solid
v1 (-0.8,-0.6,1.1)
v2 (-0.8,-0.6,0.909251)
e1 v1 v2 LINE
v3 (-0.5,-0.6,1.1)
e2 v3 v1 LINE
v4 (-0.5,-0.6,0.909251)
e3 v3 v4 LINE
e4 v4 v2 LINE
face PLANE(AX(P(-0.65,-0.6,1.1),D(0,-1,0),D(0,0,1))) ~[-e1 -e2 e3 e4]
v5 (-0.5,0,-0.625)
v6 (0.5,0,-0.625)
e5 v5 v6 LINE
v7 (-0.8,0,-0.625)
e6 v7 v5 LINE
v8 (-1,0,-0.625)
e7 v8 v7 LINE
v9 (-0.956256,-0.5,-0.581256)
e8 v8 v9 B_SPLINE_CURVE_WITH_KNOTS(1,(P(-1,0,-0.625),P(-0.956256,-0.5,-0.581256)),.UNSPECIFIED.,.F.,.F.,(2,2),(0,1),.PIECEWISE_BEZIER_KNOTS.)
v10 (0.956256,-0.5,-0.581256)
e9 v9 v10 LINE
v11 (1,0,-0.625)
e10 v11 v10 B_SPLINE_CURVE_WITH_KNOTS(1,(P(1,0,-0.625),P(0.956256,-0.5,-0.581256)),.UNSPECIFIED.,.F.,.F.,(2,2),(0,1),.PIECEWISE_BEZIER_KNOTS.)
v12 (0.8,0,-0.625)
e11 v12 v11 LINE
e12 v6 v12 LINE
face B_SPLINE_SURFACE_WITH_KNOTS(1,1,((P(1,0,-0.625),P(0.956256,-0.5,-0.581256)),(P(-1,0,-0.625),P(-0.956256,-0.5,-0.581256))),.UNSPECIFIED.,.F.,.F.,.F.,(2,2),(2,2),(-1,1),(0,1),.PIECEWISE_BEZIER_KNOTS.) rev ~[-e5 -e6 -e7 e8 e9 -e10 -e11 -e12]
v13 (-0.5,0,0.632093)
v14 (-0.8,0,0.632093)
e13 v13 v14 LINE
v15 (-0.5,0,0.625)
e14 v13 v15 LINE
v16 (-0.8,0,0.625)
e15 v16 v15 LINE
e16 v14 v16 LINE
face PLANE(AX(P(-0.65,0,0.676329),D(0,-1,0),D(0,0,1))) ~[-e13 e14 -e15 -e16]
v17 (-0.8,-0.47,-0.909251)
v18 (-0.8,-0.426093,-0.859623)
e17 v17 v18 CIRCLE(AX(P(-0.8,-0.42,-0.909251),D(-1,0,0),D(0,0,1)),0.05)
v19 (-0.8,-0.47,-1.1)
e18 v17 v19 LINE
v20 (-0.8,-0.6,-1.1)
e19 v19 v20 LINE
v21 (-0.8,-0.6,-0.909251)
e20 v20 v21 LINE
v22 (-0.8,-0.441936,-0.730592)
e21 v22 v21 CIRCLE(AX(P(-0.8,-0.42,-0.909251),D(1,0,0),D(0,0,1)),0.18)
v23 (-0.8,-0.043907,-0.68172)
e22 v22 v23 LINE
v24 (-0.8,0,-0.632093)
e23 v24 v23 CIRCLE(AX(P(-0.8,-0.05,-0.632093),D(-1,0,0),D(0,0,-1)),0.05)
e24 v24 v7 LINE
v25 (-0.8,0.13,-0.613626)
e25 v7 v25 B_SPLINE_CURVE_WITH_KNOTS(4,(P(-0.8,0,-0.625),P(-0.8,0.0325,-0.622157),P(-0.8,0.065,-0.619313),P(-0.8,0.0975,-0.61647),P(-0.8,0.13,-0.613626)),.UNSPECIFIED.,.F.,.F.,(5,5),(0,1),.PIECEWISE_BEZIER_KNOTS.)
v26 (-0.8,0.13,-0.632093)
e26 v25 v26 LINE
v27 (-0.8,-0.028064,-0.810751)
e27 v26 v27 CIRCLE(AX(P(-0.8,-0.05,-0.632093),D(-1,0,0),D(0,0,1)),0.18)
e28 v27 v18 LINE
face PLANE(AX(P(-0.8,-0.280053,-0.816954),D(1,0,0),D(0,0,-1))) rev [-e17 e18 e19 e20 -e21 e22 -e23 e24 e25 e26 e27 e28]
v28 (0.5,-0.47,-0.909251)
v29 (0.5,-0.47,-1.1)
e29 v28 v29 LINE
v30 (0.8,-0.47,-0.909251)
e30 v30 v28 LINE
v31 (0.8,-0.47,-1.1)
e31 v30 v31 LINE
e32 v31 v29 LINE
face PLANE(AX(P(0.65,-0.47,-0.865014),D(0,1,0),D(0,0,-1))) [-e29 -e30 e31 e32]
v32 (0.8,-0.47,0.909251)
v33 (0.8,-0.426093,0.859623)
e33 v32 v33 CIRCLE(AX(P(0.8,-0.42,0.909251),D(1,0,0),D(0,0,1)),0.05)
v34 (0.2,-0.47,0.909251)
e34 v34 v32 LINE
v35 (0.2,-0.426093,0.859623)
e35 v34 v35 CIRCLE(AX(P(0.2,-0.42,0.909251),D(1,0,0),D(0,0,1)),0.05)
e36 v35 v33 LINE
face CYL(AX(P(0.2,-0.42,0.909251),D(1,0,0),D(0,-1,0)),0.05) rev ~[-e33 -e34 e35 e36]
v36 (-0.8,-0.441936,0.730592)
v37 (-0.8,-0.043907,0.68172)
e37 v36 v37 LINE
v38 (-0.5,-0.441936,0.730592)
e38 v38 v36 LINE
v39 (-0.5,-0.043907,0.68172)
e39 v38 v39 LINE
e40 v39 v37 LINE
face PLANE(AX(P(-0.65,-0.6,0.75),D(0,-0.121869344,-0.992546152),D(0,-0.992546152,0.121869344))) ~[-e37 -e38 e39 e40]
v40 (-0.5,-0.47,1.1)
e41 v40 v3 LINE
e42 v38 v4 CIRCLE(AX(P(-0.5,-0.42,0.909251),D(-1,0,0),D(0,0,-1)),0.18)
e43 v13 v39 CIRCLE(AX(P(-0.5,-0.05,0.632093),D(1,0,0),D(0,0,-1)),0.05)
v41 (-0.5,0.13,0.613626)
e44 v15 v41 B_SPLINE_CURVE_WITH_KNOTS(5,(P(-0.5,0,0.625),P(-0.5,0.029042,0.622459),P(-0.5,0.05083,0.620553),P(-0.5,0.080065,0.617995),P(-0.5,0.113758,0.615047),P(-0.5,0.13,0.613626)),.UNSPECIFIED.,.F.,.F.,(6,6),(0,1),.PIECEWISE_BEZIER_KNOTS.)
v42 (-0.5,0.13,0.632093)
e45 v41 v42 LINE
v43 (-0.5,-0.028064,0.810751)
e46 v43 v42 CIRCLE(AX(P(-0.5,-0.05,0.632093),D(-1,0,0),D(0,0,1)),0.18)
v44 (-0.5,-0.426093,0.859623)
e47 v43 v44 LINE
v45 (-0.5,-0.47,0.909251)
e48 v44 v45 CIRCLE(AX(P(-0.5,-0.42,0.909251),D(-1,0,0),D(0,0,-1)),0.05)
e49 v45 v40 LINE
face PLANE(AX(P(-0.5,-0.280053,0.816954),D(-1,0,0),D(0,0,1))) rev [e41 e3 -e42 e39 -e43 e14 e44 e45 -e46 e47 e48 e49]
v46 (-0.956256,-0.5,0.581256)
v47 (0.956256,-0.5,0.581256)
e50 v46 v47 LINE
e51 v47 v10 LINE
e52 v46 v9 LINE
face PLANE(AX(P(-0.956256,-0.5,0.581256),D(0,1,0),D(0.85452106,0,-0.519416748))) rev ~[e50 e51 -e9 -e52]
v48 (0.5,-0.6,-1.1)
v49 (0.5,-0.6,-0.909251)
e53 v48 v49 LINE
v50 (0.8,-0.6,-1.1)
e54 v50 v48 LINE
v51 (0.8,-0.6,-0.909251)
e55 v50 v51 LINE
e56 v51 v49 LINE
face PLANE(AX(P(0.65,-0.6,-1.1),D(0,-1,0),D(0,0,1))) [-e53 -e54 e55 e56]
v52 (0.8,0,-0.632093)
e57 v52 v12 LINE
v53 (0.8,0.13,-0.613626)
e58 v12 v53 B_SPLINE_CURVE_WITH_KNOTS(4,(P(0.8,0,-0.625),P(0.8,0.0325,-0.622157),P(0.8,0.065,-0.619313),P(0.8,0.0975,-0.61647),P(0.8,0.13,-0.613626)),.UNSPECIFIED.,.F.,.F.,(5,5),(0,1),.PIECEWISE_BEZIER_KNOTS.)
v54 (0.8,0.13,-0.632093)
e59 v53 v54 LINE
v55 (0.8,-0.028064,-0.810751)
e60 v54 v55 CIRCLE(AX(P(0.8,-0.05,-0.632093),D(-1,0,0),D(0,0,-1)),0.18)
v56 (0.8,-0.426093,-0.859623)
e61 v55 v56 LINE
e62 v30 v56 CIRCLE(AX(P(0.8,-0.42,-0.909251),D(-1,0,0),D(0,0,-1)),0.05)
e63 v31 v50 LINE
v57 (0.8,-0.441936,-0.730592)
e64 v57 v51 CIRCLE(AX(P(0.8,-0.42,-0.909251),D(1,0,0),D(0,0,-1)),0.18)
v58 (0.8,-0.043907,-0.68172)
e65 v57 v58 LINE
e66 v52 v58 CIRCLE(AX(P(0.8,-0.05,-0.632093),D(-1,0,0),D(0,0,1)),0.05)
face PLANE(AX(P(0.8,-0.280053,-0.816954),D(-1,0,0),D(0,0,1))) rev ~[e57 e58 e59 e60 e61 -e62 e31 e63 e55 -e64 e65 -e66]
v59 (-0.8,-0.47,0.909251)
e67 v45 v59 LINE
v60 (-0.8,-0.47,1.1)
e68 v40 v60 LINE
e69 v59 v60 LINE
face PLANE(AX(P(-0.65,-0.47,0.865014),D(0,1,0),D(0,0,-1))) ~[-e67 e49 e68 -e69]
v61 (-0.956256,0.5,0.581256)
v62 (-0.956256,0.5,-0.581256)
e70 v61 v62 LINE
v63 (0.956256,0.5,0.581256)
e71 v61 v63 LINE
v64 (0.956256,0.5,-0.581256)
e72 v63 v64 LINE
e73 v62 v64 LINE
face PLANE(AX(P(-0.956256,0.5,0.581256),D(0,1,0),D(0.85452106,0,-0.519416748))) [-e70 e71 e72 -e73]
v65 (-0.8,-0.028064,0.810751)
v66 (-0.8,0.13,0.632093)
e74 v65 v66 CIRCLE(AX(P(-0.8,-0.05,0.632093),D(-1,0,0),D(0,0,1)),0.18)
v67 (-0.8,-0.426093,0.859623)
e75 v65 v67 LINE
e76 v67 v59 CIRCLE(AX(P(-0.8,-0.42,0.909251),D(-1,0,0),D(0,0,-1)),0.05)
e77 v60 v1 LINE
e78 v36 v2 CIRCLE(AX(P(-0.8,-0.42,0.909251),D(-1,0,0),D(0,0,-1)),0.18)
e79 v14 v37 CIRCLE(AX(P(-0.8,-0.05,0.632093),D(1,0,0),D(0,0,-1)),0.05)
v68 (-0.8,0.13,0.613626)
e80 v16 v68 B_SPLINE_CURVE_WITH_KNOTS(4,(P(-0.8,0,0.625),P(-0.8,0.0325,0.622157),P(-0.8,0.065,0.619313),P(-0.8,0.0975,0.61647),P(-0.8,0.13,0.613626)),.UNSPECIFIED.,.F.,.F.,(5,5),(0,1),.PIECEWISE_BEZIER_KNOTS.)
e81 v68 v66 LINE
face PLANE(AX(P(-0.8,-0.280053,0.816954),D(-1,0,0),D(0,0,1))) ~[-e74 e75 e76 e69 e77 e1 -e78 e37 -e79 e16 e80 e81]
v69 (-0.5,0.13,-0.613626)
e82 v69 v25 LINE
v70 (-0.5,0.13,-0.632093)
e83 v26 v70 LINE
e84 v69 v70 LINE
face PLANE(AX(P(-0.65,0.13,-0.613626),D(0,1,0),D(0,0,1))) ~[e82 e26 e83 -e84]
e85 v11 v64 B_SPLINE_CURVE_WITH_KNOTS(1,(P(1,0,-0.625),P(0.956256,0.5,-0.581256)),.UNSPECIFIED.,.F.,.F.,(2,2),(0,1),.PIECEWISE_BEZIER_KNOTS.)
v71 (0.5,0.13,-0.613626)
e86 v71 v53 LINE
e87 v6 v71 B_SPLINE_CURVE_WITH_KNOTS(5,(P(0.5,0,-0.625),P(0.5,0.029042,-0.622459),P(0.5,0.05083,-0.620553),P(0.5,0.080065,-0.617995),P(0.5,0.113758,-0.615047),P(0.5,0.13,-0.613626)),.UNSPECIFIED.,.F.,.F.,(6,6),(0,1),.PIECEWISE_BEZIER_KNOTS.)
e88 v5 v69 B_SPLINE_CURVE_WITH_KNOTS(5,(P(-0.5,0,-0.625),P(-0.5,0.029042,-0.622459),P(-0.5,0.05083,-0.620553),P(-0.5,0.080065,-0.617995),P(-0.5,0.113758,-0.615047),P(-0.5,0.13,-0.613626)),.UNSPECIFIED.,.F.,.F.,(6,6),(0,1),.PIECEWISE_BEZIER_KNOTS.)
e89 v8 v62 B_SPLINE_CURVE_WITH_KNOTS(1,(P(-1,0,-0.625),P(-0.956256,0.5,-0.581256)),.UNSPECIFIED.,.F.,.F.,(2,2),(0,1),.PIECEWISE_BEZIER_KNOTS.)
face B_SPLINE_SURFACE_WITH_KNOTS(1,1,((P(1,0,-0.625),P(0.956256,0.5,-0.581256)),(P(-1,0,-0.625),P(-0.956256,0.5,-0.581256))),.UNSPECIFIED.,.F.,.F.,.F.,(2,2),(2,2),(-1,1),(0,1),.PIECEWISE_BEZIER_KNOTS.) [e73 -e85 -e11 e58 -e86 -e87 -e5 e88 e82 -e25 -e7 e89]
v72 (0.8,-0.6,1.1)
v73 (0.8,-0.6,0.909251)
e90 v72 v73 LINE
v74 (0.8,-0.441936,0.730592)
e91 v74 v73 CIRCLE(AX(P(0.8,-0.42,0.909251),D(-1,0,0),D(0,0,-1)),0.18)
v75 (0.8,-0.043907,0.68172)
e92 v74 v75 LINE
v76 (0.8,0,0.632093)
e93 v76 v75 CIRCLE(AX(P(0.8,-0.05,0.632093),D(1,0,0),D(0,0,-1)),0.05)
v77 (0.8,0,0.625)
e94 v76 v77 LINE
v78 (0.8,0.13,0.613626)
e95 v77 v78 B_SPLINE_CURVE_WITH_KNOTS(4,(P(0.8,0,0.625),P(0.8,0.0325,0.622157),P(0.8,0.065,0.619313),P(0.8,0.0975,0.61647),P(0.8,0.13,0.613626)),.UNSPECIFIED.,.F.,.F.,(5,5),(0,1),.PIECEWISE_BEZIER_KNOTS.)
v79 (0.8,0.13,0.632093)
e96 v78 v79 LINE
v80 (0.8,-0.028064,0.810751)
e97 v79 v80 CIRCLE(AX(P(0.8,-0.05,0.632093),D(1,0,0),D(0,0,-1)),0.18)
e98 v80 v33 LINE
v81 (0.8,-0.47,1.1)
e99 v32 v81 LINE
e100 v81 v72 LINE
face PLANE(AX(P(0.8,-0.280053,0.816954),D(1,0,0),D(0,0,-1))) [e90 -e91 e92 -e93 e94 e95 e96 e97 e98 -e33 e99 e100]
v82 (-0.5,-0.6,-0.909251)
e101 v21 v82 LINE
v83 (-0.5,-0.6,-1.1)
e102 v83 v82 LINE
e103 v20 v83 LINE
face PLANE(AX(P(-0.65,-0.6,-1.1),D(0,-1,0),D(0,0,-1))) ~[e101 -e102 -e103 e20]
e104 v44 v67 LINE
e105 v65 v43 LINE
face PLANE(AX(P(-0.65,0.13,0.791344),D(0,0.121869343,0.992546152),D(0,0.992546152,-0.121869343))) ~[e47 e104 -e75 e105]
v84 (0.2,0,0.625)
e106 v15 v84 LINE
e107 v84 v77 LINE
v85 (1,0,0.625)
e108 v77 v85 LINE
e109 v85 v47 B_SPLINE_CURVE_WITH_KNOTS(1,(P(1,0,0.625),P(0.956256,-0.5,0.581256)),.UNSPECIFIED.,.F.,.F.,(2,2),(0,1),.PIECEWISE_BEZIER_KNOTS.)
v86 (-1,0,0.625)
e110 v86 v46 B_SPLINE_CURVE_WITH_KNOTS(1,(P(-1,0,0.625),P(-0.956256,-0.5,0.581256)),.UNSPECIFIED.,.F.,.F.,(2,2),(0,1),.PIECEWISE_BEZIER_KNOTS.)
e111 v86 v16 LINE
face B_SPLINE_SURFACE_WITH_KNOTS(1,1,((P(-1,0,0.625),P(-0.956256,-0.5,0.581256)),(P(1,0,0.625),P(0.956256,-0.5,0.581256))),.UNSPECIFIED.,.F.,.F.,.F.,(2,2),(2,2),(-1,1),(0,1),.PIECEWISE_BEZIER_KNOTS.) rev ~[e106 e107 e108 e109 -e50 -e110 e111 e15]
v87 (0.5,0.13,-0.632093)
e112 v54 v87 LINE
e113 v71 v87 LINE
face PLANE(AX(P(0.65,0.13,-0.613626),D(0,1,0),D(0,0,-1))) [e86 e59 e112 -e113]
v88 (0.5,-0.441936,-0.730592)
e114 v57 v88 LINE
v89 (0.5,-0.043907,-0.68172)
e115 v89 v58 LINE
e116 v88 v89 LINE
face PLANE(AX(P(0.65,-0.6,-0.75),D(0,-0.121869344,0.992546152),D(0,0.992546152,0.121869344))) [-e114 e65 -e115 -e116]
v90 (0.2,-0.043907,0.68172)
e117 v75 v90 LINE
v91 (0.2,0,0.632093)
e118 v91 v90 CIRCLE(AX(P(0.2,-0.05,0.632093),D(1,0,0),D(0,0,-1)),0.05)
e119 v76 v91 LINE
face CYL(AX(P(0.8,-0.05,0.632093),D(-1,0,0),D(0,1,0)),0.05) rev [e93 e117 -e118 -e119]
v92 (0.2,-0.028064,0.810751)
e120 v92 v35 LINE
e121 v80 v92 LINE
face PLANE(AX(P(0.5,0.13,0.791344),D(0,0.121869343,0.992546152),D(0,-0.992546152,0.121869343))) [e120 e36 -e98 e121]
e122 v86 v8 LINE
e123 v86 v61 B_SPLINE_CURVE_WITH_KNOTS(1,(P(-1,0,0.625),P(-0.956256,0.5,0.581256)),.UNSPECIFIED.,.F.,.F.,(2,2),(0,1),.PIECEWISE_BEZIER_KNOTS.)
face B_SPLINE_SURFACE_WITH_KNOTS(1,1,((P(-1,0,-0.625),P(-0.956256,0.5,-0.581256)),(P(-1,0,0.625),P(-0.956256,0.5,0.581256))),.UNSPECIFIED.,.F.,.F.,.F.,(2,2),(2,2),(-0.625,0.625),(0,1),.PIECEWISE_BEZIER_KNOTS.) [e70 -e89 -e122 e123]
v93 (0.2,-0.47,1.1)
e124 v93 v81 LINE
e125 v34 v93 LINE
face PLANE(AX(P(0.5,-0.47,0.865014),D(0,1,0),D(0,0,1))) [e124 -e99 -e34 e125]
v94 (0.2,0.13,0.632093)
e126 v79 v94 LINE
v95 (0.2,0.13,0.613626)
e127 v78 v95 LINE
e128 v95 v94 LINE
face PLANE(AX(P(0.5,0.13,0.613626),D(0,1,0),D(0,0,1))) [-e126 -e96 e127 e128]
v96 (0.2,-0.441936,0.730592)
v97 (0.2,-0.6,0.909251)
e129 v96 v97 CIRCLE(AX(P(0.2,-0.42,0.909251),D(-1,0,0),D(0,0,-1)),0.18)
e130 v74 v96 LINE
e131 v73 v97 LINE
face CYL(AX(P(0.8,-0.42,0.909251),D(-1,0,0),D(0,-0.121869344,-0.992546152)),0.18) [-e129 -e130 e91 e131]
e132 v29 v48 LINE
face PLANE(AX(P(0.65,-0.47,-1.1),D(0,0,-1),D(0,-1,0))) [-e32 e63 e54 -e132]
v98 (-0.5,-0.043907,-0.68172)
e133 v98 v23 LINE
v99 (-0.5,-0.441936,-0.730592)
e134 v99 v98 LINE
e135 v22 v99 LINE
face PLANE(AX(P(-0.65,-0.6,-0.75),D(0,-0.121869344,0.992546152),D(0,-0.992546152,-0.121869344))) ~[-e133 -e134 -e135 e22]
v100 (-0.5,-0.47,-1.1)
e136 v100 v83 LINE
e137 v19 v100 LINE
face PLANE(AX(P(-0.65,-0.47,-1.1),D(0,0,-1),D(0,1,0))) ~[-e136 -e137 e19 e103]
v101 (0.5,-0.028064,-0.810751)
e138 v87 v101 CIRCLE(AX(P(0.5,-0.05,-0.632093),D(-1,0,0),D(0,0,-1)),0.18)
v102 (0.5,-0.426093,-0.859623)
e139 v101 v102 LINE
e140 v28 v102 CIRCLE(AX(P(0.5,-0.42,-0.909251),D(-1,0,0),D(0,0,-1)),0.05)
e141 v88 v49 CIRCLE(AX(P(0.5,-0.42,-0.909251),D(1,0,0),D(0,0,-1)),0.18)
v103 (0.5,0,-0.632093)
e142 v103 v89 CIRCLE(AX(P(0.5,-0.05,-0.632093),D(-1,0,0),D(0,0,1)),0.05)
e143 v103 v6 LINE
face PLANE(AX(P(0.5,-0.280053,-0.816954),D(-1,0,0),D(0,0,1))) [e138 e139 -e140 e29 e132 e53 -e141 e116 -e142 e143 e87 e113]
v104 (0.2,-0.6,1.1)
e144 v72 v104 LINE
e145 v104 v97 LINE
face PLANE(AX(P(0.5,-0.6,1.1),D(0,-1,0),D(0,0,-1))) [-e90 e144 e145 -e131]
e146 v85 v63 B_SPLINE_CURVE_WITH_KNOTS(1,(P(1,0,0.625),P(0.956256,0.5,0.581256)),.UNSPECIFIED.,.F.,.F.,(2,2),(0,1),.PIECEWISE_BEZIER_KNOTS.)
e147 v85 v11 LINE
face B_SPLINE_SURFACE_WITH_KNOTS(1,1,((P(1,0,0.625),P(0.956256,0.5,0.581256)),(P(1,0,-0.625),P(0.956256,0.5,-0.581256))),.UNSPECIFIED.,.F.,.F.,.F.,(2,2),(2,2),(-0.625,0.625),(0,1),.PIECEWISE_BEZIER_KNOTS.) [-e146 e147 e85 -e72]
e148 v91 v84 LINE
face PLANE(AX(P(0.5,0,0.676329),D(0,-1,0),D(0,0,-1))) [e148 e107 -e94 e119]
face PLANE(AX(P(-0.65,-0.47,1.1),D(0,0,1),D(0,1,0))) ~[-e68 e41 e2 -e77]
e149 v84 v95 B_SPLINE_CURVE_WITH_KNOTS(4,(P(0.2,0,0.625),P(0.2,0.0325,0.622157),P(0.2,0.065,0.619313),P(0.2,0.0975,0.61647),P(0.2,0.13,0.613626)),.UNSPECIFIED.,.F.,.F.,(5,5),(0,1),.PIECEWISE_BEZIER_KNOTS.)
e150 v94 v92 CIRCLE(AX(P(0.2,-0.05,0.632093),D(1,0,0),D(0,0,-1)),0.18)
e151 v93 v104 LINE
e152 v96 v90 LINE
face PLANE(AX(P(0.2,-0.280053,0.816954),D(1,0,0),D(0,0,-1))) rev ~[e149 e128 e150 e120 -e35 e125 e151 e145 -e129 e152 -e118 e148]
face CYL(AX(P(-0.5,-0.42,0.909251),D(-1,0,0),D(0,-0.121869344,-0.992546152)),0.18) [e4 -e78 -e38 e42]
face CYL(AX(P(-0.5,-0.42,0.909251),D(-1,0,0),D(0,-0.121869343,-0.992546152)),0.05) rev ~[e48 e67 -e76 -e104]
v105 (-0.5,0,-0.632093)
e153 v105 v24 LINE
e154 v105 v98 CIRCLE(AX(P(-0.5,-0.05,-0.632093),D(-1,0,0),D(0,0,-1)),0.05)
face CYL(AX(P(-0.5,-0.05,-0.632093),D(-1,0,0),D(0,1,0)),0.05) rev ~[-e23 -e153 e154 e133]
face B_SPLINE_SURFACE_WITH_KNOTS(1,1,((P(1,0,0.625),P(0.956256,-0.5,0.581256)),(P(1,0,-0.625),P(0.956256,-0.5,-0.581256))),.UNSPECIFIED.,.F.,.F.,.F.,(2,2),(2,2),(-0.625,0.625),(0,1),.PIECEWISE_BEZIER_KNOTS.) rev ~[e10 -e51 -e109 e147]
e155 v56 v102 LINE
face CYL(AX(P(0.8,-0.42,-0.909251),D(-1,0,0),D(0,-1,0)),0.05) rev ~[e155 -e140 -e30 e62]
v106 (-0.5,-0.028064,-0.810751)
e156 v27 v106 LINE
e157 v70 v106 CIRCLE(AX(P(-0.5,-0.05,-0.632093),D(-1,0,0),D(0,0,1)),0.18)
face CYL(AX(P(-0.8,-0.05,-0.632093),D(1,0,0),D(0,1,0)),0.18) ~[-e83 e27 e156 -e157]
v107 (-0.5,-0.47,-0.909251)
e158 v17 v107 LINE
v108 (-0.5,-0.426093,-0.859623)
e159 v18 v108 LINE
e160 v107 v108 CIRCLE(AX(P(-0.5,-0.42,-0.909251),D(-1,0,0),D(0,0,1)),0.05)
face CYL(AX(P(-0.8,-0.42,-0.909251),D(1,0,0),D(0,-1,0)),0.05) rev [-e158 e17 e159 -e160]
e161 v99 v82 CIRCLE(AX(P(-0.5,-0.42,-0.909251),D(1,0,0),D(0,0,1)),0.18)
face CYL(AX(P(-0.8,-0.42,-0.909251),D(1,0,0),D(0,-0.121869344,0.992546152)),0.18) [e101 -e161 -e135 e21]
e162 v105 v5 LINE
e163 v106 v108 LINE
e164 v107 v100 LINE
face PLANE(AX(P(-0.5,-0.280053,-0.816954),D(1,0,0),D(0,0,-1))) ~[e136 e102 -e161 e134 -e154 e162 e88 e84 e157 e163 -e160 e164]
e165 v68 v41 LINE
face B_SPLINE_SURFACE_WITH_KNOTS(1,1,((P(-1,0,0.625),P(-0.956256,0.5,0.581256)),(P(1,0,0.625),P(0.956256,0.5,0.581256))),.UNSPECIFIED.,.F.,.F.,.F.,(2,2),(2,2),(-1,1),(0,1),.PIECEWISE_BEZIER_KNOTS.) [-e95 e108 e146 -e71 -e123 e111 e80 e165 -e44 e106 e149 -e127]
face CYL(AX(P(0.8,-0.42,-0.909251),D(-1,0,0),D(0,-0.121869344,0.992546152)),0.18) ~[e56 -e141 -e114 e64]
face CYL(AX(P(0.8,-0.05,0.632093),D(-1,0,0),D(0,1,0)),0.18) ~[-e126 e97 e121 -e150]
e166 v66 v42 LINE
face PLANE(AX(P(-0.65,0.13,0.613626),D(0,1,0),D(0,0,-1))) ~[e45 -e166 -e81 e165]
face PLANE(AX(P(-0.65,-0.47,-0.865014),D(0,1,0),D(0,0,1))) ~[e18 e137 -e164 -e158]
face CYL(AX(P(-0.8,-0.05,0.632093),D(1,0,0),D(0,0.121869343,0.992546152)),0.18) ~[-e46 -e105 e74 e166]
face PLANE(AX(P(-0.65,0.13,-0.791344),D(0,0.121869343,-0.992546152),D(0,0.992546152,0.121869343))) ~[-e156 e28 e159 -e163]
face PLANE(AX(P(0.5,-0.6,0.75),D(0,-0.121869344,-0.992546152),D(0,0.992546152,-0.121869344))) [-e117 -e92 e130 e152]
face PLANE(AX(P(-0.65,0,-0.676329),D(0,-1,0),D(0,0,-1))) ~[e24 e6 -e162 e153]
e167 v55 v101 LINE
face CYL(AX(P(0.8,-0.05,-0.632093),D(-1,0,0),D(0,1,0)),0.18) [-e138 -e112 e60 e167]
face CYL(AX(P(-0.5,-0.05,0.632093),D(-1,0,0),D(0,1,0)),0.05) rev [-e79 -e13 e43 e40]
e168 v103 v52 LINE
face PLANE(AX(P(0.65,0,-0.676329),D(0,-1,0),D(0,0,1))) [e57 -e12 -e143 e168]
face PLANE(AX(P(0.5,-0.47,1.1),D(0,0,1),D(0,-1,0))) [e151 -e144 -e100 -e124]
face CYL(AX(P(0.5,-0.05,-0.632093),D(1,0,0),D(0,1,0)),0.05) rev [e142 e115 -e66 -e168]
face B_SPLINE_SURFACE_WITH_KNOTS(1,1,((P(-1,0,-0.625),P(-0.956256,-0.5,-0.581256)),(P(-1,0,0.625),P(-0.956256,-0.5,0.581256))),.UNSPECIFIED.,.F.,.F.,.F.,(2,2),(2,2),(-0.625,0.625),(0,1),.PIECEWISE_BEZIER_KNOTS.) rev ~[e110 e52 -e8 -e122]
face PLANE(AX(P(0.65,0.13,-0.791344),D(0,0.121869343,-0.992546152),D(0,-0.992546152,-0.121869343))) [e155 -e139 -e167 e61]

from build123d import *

# Parameters (mm, degrees)
SKETCH1_W                = 2
SKETCH1_H                = 1.25
EXTRUDE1_DEPTH           = 0.5
EXTRUDE1_TAPER           = 5
EXTRUDE1_OTHER_WAY_DEPTH = 0.5
EXTRUDE1_OTHER_WAY_TAPER = 5
EXTRUDE2_START           = 0.5
EXTRUDE2_DEPTH           = 0.3
EXTRUDE2_DEPTH_BACK      = 0.3
EXTRUDE3_START           = 0.65
EXTRUDE3_DEPTH           = 0.15
FILLET1_R                = 0.05
FILLET2_R                = 0.18


with BuildPart() as part:
    # Sketch1 → Extrude1 (new body)
    with BuildSketch(Plane(origin=(0, 0, 0), x_dir=(1, 0, 0), z_dir=(0, 1, 0))):
        Rectangle(SKETCH1_W, SKETCH1_H)
    extrude(amount=EXTRUDE1_DEPTH, taper=EXTRUDE1_TAPER)

    # Sketch1 → Extrude1 other way (add)
    with BuildSketch(Plane(origin=(0, 0, 0), x_dir=(1, 0, 0), z_dir=(0, 1, 0))):
        Rectangle(SKETCH1_W, SKETCH1_H)
    extrude(amount=-EXTRUDE1_OTHER_WAY_DEPTH, taper=EXTRUDE1_OTHER_WAY_TAPER)

    # Sketch2 → Extrude2 (add, two sides)
    with BuildSketch(Plane(origin=(0, 0, 0), x_dir=(0, 0, -1), z_dir=(1, 0, 0)).offset(EXTRUDE2_START)) as extrude2_sk:
        Polygon((-0.613626474, 0.13), (-0.791343548, 0.13), (-0.865014284, -0.47), (-1.1, -0.47), (-1.1, -0.6), (-0.75, -0.6), (-0.676329263, 0), (-0.613626474, 0), align=None)
    extrude(amount=EXTRUDE2_DEPTH)
    extrude(extrude2_sk.sketch, amount=-EXTRUDE2_DEPTH_BACK)

    # Sketch2_3 → Extrude3 (add, symmetric)
    with BuildSketch(Plane(origin=(0, 0, 0), x_dir=(0, 0, -1), z_dir=(1, 0, 0)).offset(EXTRUDE3_START)):
        Polygon((0.613626474, 0.13), (0.791343548, 0.13), (0.865014284, -0.47), (1.1, -0.47), (1.1, -0.6), (0.75, -0.6), (0.676329263, 0), (0.613626474, 0), align=None)
        Polygon((-0.791343548, 0.13), (-0.865014284, -0.47), (-1.1, -0.47), (-1.1, -0.6), (-0.75, -0.6), (-0.676329263, 0), (-0.613626474, 0), (-0.613626474, 0.13), align=None)
    extrude3 = extrude(amount=EXTRUDE3_DEPTH, both=True)

    # Mirror1: Extrude3 across plane
    add(extrude3.mirror(Plane(origin=(0, 0, 0), x_dir=(0, 0, 1), z_dir=(1, 0, 0))))

    # Fillet1
    fillet1_edges = [part.edges().sort_by_distance(p)[0] for p in [
        (-0.65, -0.47, -0.865014284),
        (-0.65, 0, -0.676329263),
        (-0.65, 0, 0.676329263),
        (-0.65, -0.47, 0.865014284),
        (0.5, -0.47, 0.865014284),
        (0.5, 0, 0.676329263),
        (0.65, 0, -0.676329263),
        (0.65, -0.47, -0.865014284),
    ]]
    fillet(fillet1_edges, radius=FILLET1_R)

    # Fillet2
    fillet2_edges = [part.edges().sort_by_distance(p)[0] for p in [
        (-0.65, 0.13, -0.791343548),
        (-0.65, -0.6, -0.75),
        (-0.65, 0.13, 0.791343548),
        (-0.65, -0.6, 0.75),
        (0.5, 0.13, 0.791343548),
        (0.5, -0.6, 0.75),
        (0.65, 0.13, -0.791343548),
        (0.65, -0.6, -0.75),
    ]]
    fillet(fillet2_edges, radius=FILLET2_R)


solid = part.part
